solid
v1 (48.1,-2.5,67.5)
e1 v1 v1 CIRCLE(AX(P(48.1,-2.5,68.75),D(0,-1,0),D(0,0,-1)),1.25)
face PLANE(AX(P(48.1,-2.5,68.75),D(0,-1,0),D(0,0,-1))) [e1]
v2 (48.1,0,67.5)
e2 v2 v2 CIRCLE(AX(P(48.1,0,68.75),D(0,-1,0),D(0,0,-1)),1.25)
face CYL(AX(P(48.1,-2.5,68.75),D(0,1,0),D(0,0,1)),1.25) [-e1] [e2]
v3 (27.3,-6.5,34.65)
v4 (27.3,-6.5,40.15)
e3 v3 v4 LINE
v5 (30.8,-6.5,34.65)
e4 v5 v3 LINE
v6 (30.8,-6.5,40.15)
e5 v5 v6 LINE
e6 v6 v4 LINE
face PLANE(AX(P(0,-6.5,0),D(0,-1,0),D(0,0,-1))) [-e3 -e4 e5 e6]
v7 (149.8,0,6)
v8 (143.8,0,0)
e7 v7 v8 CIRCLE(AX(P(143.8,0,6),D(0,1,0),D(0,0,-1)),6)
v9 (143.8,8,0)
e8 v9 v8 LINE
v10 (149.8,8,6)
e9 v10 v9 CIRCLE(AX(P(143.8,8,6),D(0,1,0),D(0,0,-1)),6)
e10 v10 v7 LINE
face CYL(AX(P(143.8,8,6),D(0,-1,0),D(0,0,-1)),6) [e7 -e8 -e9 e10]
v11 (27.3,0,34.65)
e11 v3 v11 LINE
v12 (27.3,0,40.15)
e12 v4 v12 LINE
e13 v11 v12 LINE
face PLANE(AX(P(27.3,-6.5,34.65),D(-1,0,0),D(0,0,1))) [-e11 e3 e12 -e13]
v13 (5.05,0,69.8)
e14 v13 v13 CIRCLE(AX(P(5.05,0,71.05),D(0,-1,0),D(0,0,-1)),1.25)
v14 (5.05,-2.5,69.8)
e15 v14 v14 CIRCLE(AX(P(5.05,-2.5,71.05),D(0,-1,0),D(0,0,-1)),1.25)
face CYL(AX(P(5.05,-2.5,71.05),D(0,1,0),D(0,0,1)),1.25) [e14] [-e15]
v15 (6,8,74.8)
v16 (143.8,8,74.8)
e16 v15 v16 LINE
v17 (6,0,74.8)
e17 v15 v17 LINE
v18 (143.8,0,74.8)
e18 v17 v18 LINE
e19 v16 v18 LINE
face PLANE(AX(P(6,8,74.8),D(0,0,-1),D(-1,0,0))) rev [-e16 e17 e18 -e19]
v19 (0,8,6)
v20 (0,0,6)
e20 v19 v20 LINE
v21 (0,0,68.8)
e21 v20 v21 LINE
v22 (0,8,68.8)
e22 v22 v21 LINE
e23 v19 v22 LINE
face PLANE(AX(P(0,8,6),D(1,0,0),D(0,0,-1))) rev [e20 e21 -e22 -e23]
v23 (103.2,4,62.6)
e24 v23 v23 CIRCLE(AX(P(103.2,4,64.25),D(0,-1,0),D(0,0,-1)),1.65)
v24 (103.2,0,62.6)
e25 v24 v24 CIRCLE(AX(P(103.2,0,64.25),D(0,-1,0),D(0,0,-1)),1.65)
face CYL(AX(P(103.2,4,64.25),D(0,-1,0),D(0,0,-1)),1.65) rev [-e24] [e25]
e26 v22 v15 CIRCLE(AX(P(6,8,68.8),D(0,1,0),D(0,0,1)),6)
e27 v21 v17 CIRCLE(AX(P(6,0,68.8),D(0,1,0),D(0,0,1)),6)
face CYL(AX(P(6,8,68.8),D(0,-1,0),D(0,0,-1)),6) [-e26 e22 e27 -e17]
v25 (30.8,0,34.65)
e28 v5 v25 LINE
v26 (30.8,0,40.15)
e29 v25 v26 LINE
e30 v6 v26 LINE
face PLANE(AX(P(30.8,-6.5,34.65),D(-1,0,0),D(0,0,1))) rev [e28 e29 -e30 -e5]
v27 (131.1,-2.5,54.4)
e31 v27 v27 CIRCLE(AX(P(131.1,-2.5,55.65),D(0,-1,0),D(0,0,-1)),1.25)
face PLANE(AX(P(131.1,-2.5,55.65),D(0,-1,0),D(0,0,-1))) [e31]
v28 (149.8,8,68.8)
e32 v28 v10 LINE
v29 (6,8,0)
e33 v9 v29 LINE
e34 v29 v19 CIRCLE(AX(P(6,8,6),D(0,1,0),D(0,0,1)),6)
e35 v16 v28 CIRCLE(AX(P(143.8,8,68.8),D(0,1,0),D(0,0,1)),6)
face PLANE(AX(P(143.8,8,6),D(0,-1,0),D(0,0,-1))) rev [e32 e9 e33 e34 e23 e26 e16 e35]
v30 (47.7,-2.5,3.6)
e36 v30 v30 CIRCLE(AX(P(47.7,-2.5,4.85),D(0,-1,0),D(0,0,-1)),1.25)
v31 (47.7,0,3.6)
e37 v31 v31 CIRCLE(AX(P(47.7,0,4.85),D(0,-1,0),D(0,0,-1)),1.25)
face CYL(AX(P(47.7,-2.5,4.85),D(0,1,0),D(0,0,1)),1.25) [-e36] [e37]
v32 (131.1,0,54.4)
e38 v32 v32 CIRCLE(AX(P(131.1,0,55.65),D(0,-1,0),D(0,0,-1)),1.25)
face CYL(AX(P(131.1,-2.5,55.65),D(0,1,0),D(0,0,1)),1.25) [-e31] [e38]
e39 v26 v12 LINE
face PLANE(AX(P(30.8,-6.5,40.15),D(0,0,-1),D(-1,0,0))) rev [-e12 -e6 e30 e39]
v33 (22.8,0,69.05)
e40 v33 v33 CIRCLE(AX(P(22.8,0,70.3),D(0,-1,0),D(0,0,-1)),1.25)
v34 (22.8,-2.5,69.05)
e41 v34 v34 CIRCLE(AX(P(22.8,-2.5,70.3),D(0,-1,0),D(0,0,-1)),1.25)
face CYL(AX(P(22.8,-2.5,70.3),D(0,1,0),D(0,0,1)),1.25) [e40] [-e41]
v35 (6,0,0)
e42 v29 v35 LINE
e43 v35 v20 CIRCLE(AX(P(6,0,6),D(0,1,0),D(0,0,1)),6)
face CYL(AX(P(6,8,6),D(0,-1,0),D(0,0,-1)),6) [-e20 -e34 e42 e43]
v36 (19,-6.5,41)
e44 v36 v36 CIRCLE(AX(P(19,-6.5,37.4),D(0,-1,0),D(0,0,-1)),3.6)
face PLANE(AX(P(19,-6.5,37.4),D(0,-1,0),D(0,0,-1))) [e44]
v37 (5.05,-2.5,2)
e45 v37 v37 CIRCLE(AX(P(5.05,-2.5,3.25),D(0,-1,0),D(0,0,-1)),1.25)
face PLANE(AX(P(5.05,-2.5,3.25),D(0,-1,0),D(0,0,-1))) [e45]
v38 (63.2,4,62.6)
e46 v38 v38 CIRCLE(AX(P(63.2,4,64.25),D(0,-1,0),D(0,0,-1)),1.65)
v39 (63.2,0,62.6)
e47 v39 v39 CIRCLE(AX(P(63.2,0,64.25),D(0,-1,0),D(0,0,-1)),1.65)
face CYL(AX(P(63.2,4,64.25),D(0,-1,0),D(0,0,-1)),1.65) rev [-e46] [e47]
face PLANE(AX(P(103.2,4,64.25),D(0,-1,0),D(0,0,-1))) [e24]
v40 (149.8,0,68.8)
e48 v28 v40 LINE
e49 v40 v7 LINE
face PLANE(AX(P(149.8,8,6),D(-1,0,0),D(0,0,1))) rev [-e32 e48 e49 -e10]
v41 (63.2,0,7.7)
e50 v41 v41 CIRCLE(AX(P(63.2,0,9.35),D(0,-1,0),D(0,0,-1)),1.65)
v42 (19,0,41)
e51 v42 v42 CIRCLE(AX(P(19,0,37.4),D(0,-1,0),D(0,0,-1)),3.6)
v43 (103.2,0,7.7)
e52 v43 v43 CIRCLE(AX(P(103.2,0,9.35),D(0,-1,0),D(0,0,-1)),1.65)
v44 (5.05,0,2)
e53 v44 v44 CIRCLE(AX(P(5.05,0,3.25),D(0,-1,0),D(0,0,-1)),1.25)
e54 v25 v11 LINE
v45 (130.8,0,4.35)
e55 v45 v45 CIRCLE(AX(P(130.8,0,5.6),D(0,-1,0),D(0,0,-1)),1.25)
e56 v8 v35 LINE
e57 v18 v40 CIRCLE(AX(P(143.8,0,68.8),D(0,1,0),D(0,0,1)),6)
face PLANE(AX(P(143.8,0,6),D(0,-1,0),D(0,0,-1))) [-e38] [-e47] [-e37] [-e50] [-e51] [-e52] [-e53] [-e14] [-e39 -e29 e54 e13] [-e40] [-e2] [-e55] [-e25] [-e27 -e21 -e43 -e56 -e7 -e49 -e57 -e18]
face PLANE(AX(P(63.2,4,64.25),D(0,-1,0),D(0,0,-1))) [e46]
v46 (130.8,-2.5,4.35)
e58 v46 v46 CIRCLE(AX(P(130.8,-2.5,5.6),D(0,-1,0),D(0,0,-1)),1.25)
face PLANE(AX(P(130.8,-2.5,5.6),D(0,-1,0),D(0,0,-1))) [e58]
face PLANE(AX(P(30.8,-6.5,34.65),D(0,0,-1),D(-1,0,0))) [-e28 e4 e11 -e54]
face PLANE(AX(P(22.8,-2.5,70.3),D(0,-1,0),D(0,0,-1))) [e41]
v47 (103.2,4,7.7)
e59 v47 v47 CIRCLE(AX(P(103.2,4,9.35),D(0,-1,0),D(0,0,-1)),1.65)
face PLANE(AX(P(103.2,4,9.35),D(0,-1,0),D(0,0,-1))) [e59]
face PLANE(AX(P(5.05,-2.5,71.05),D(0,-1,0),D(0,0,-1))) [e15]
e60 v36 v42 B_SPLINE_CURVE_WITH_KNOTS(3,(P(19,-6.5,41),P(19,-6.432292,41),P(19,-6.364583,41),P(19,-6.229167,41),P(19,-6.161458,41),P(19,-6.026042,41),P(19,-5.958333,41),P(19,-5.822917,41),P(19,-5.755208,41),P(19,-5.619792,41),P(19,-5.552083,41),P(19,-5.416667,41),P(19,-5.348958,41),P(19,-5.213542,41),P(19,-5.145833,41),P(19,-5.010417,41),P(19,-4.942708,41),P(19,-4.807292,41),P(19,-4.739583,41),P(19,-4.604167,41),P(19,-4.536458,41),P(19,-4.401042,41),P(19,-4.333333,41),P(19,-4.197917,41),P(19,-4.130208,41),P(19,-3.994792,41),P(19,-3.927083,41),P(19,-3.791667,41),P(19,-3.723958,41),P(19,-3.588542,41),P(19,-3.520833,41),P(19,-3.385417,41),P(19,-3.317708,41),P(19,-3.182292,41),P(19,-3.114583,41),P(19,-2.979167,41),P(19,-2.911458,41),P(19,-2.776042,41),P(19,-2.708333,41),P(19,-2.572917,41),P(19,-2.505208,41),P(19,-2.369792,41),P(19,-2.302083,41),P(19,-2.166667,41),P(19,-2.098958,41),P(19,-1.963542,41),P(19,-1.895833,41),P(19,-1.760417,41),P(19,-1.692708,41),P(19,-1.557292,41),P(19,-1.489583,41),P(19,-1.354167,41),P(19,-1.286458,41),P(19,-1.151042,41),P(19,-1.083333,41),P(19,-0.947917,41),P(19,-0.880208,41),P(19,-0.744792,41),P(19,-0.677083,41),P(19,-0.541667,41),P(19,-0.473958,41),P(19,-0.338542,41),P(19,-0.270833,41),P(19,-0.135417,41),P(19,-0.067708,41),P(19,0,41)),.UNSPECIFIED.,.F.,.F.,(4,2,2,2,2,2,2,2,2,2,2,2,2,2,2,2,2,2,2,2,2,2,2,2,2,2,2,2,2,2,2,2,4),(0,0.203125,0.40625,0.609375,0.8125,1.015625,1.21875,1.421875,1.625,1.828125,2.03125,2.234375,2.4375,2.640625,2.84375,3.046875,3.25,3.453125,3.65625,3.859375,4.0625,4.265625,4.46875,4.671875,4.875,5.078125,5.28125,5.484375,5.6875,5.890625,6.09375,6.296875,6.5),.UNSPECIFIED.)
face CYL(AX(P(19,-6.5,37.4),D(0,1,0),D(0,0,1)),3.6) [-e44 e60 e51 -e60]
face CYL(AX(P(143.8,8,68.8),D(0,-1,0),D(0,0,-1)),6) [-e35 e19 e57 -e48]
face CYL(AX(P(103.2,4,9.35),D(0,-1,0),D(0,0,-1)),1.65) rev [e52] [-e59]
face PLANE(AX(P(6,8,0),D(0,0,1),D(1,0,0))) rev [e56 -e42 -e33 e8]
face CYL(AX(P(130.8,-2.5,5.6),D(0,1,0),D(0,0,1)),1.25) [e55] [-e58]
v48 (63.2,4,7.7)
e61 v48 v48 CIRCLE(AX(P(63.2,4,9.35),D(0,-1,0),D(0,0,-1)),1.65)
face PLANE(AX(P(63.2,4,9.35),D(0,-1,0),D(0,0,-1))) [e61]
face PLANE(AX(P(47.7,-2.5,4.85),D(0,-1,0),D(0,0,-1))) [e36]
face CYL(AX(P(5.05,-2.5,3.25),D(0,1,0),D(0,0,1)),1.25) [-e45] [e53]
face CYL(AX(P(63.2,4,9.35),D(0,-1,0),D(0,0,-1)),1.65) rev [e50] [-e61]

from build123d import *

# Parameters (mm, degrees)
EXTRUDE_1_DEPTH     = 8
SKETCH_2_6_R        = 1.25
EXTRUDE_6_DEPTH     = 2.5
SKETCH_2_7_R        = 1.65
CUT_EXTRUDE_1_DEPTH = 4
SKETCH_2_R          = 3.6
SKETCH_2_W          = 3.5
SKETCH_2_H          = 5.5
EXTRUDE_7_DEPTH     = 6.5


with BuildPart() as part:
    # 草图1 → 凸台-拉伸1 (new body)
    with BuildSketch(Plane(origin=(0, 0, 0), x_dir=(1, 0, 0), z_dir=(0, 1, 0))):
        with BuildLine():
            Line((6, 0), (143.8, 0))
            ThreePointArc((143.8, 0), (148.042640687, -1.757359313), (149.8, -6))
            Line((149.8, -6), (149.8, -68.8))
            ThreePointArc((149.8, -68.8), (148.042640687, -73.042640687), (143.8, -74.8))
            Line((143.8, -74.8), (6, -74.8))
            ThreePointArc((6, -74.8), (1.757359313, -73.042640687), (0, -68.8))
            Line((0, -68.8), (0, -6))
            ThreePointArc((0, -6), (1.757359313, -1.757359313), (6, 0))
        make_face()
    extrude(amount=EXTRUDE_1_DEPTH)

    # 草图2<6> → 凸台-拉伸6 (add)
    with BuildSketch(Plane(origin=(0, 0, 0), x_dir=(-1, 0, 0), z_dir=(0, -1, 0))):
        with Locations((-130.8, -5.6)):
            Circle(SKETCH_2_6_R)
        with Locations((-131.1, -55.65)):
            Circle(SKETCH_2_6_R)
        with Locations((-47.7, -4.85)):
            Circle(SKETCH_2_6_R)
        with Locations((-48.1, -68.75)):
            Circle(SKETCH_2_6_R)
        with Locations((-22.8, -70.3)):
            Circle(SKETCH_2_6_R)
        with Locations((-5.05, -71.05)):
            Circle(SKETCH_2_6_R)
        with Locations((-5.05, -3.25)):
            Circle(SKETCH_2_6_R)
    extrude(amount=EXTRUDE_6_DEPTH)

    # 草图2<7> → 切除-拉伸1 (cut)
    with BuildSketch(Plane(origin=(0, 0, 0), x_dir=(-1, 0, 0), z_dir=(0, -1, 0))):
        with Locations((-103.2, -9.35)):
            Circle(SKETCH_2_7_R)
        with Locations((-103.2, -64.25)):
            Circle(SKETCH_2_7_R)
        with Locations((-63.2, -64.25)):
            Circle(SKETCH_2_7_R)
        with Locations((-63.2, -9.35)):
            Circle(SKETCH_2_7_R)
    extrude(amount=-CUT_EXTRUDE_1_DEPTH, mode=Mode.SUBTRACT)

    # 草图2 → 凸台-拉伸7 (add)
    with BuildSketch(Plane(origin=(0, 0, 0), x_dir=(-1, 0, 0), z_dir=(0, -1, 0))):
        with Locations((-19, -37.4)):
            Circle(SKETCH_2_R)
        with Locations((-29.05, -37.4)):
            Rectangle(SKETCH_2_W, SKETCH_2_H)
    extrude(amount=EXTRUDE_7_DEPTH)


solid = part.part
